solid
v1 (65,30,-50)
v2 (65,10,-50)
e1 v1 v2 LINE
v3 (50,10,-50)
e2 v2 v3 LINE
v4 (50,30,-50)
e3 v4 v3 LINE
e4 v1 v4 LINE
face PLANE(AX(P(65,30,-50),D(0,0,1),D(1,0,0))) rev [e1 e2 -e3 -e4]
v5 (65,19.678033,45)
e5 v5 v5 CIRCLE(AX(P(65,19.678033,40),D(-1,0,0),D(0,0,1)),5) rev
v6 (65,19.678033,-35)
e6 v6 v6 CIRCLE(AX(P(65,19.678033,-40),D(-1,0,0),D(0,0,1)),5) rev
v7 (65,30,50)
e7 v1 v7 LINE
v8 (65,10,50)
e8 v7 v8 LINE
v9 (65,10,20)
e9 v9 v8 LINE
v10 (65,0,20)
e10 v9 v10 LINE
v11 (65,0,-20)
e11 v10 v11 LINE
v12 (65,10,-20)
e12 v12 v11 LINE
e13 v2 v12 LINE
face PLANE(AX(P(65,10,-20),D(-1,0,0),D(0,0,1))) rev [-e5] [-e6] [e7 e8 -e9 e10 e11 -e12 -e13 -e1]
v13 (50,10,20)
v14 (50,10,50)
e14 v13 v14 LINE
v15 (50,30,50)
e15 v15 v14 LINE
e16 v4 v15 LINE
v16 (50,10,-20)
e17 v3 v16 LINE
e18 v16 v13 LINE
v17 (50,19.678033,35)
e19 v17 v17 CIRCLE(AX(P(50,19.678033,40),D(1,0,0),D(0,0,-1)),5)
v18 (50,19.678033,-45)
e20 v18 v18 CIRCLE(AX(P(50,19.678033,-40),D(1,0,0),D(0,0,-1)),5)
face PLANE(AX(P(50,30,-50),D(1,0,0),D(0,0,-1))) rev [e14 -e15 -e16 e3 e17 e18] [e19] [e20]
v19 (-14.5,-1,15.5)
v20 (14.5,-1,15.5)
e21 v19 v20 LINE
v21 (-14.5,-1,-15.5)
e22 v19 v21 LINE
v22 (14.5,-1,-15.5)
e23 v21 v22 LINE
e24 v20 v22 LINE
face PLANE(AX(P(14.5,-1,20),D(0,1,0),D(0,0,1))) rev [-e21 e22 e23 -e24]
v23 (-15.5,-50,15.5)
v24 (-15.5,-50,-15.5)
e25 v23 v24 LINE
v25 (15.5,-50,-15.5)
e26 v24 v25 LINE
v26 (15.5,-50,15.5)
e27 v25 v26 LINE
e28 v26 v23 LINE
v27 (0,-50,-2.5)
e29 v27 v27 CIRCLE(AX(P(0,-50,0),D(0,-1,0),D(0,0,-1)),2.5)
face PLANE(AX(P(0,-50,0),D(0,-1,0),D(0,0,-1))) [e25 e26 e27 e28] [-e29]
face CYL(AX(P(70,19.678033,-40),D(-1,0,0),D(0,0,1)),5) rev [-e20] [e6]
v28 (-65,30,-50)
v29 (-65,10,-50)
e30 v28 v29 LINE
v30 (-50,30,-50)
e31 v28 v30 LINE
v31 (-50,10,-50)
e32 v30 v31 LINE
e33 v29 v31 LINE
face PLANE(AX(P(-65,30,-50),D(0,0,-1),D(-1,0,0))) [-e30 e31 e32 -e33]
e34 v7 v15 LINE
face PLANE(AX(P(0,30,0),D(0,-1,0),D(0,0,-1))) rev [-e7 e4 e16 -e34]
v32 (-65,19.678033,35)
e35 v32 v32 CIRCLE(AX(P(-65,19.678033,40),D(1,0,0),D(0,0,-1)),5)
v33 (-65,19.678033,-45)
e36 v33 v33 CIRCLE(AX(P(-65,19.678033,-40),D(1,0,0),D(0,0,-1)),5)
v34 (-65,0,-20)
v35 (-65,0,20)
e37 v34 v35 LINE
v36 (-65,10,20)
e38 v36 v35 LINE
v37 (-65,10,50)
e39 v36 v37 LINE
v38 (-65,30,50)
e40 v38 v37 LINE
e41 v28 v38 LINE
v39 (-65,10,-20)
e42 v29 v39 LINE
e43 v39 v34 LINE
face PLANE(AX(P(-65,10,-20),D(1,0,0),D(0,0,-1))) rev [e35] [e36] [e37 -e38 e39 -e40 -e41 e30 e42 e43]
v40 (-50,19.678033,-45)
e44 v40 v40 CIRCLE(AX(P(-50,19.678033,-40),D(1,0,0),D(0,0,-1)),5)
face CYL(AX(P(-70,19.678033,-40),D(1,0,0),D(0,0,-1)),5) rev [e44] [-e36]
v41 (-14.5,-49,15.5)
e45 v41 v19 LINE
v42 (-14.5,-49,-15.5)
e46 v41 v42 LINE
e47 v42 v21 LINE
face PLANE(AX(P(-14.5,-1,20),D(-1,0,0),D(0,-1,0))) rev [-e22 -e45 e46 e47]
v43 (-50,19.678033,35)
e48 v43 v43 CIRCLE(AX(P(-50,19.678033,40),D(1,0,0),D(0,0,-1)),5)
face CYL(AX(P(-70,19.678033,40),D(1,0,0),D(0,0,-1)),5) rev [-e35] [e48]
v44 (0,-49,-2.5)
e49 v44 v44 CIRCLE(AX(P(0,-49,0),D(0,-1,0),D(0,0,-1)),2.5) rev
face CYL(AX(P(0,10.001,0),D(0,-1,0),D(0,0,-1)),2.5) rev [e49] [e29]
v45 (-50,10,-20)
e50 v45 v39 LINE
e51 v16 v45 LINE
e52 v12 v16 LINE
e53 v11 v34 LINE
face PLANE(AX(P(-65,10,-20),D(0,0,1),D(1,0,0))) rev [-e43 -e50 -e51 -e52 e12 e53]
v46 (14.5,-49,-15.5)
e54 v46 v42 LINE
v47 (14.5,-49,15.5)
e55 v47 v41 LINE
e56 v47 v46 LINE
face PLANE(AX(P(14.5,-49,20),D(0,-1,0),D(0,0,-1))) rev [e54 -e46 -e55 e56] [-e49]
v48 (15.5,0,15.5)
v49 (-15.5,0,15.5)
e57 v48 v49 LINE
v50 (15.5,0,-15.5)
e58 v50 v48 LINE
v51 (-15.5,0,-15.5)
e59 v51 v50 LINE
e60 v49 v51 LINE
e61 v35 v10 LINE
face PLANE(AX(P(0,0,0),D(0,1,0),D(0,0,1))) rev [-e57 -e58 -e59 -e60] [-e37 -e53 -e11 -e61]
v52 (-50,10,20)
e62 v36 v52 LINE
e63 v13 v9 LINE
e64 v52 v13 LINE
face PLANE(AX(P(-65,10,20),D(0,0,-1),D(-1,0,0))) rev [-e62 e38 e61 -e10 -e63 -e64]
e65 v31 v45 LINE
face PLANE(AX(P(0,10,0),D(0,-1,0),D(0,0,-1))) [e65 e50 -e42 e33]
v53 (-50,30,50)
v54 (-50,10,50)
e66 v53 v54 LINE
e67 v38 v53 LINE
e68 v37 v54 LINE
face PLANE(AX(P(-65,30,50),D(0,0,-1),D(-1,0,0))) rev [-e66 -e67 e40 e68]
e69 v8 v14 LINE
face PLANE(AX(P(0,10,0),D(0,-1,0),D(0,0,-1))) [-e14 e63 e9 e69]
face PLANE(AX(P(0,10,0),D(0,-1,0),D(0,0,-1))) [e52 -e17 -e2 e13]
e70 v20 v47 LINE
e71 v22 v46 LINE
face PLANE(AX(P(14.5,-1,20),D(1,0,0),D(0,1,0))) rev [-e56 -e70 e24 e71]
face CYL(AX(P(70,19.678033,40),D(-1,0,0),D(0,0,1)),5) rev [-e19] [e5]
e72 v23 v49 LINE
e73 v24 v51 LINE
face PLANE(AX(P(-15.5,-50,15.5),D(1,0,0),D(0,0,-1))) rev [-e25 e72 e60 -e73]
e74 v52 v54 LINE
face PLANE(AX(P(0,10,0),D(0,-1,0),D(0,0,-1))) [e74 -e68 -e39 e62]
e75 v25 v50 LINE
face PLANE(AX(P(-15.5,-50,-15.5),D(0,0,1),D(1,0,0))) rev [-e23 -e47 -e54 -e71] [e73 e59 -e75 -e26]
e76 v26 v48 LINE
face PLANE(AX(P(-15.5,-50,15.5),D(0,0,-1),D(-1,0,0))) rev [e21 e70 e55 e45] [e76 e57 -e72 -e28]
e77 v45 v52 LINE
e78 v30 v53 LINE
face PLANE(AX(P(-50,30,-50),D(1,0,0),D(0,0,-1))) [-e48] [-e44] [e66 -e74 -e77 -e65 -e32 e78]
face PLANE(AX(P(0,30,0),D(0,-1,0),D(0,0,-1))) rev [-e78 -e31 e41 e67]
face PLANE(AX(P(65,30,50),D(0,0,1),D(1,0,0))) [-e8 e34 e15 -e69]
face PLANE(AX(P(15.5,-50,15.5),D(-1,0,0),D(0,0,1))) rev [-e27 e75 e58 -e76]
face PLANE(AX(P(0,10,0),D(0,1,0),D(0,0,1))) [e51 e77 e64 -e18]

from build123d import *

# Parameters (mm, degrees)
SKETCH1_W           = 130
SKETCH1_H           = 40
BOSS_EXTRUDE1_DEPTH = 10
SKETCH3_W           = 31
SKETCH3_H           = 31
BOSS_EXTRUDE3_DEPTH = 50
SKETCH4_W           = 29
SKETCH4_H           = 48
CUT_EXTRUDE1_DEPTH  = 90.360226052
CUT_EXTRUDE2_REACH  = 92.692
SKETCH5_R           = 2.5
SKETCH2_W           = 15
SKETCH2_H           = 100
BOSS_EXTRUDE4_DEPTH = 20
SKETCH6_R           = 5
CUT_EXTRUDE3_DEPTH  = 20


with BuildPart() as part:
    # Sketch1 → Boss-Extrude1 (new body)
    with BuildSketch(Plane(origin=(0, 0, 0), x_dir=(1, 0, 0), z_dir=(0, 1, 0))):
        Rectangle(SKETCH1_W, SKETCH1_H)
    extrude(amount=BOSS_EXTRUDE1_DEPTH)

    # Sketch3 → Boss-Extrude3 (add)
    with BuildSketch(Plane.XZ):
        Rectangle(SKETCH3_W, SKETCH3_H)
    extrude(amount=BOSS_EXTRUDE3_DEPTH)

    # Sketch4 → Cut-Extrude1 (cut, through all)
    with BuildSketch(Plane(origin=(0, 0, -15.5), x_dir=(-1, 0, 0), z_dir=(0, 0, -1))):
        with Locations((0, -25)):
            Rectangle(SKETCH4_W, SKETCH4_H)
    extrude(amount=-CUT_EXTRUDE1_DEPTH, mode=Mode.SUBTRACT)

    # Sketch5 → Cut-Extrude2 (cut, up to next)
    with BuildSketch(Plane.XZ.offset(50), mode=Mode.PRIVATE) as cut_extrude2_sk1:
        Circle(SKETCH5_R)
    cut_extrude2_tool1 = extrude(cut_extrude2_sk1.sketch, amount=-CUT_EXTRUDE2_REACH, mode=Mode.PRIVATE) & part.part
    add(cut_extrude2_tool1.solids().sort_by_distance((0, -50, 0))[0], mode=Mode.SUBTRACT)

    # Sketch2 → Boss-Extrude4 (add)
    with BuildSketch(Plane(origin=(0, 10, 0), x_dir=(1, 0, 0), z_dir=(0, 1, 0))):
        with Locations((-57.5, 0)):
            Rectangle(SKETCH2_W, SKETCH2_H)
    boss_extrude4 = extrude(amount=BOSS_EXTRUDE4_DEPTH)

    # Sketch6 → Cut-Extrude3 (cut)
    with BuildSketch(Plane(origin=(-50, 0, 0), x_dir=(0, 0, -1), z_dir=(1, 0, 0))):
        with Locations((-40, 19.678033473)):
            Circle(SKETCH6_R)
        with Locations((40, 19.678033473)):
            Circle(SKETCH6_R)
    cut_extrude3 = extrude(amount=-CUT_EXTRUDE3_DEPTH, mode=Mode.SUBTRACT)

    # Mirror1: Boss-Extrude4, Cut-Extrude3 across plane
    add(boss_extrude4.mirror(Plane(origin=(0, 0, 0), x_dir=(0, 0, 1), z_dir=(1, 0, 0))))
    add(cut_extrude3.mirror(Plane(origin=(0, 0, 0), x_dir=(0, 0, 1), z_dir=(1, 0, 0))), mode=Mode.SUBTRACT)


solid = part.part
